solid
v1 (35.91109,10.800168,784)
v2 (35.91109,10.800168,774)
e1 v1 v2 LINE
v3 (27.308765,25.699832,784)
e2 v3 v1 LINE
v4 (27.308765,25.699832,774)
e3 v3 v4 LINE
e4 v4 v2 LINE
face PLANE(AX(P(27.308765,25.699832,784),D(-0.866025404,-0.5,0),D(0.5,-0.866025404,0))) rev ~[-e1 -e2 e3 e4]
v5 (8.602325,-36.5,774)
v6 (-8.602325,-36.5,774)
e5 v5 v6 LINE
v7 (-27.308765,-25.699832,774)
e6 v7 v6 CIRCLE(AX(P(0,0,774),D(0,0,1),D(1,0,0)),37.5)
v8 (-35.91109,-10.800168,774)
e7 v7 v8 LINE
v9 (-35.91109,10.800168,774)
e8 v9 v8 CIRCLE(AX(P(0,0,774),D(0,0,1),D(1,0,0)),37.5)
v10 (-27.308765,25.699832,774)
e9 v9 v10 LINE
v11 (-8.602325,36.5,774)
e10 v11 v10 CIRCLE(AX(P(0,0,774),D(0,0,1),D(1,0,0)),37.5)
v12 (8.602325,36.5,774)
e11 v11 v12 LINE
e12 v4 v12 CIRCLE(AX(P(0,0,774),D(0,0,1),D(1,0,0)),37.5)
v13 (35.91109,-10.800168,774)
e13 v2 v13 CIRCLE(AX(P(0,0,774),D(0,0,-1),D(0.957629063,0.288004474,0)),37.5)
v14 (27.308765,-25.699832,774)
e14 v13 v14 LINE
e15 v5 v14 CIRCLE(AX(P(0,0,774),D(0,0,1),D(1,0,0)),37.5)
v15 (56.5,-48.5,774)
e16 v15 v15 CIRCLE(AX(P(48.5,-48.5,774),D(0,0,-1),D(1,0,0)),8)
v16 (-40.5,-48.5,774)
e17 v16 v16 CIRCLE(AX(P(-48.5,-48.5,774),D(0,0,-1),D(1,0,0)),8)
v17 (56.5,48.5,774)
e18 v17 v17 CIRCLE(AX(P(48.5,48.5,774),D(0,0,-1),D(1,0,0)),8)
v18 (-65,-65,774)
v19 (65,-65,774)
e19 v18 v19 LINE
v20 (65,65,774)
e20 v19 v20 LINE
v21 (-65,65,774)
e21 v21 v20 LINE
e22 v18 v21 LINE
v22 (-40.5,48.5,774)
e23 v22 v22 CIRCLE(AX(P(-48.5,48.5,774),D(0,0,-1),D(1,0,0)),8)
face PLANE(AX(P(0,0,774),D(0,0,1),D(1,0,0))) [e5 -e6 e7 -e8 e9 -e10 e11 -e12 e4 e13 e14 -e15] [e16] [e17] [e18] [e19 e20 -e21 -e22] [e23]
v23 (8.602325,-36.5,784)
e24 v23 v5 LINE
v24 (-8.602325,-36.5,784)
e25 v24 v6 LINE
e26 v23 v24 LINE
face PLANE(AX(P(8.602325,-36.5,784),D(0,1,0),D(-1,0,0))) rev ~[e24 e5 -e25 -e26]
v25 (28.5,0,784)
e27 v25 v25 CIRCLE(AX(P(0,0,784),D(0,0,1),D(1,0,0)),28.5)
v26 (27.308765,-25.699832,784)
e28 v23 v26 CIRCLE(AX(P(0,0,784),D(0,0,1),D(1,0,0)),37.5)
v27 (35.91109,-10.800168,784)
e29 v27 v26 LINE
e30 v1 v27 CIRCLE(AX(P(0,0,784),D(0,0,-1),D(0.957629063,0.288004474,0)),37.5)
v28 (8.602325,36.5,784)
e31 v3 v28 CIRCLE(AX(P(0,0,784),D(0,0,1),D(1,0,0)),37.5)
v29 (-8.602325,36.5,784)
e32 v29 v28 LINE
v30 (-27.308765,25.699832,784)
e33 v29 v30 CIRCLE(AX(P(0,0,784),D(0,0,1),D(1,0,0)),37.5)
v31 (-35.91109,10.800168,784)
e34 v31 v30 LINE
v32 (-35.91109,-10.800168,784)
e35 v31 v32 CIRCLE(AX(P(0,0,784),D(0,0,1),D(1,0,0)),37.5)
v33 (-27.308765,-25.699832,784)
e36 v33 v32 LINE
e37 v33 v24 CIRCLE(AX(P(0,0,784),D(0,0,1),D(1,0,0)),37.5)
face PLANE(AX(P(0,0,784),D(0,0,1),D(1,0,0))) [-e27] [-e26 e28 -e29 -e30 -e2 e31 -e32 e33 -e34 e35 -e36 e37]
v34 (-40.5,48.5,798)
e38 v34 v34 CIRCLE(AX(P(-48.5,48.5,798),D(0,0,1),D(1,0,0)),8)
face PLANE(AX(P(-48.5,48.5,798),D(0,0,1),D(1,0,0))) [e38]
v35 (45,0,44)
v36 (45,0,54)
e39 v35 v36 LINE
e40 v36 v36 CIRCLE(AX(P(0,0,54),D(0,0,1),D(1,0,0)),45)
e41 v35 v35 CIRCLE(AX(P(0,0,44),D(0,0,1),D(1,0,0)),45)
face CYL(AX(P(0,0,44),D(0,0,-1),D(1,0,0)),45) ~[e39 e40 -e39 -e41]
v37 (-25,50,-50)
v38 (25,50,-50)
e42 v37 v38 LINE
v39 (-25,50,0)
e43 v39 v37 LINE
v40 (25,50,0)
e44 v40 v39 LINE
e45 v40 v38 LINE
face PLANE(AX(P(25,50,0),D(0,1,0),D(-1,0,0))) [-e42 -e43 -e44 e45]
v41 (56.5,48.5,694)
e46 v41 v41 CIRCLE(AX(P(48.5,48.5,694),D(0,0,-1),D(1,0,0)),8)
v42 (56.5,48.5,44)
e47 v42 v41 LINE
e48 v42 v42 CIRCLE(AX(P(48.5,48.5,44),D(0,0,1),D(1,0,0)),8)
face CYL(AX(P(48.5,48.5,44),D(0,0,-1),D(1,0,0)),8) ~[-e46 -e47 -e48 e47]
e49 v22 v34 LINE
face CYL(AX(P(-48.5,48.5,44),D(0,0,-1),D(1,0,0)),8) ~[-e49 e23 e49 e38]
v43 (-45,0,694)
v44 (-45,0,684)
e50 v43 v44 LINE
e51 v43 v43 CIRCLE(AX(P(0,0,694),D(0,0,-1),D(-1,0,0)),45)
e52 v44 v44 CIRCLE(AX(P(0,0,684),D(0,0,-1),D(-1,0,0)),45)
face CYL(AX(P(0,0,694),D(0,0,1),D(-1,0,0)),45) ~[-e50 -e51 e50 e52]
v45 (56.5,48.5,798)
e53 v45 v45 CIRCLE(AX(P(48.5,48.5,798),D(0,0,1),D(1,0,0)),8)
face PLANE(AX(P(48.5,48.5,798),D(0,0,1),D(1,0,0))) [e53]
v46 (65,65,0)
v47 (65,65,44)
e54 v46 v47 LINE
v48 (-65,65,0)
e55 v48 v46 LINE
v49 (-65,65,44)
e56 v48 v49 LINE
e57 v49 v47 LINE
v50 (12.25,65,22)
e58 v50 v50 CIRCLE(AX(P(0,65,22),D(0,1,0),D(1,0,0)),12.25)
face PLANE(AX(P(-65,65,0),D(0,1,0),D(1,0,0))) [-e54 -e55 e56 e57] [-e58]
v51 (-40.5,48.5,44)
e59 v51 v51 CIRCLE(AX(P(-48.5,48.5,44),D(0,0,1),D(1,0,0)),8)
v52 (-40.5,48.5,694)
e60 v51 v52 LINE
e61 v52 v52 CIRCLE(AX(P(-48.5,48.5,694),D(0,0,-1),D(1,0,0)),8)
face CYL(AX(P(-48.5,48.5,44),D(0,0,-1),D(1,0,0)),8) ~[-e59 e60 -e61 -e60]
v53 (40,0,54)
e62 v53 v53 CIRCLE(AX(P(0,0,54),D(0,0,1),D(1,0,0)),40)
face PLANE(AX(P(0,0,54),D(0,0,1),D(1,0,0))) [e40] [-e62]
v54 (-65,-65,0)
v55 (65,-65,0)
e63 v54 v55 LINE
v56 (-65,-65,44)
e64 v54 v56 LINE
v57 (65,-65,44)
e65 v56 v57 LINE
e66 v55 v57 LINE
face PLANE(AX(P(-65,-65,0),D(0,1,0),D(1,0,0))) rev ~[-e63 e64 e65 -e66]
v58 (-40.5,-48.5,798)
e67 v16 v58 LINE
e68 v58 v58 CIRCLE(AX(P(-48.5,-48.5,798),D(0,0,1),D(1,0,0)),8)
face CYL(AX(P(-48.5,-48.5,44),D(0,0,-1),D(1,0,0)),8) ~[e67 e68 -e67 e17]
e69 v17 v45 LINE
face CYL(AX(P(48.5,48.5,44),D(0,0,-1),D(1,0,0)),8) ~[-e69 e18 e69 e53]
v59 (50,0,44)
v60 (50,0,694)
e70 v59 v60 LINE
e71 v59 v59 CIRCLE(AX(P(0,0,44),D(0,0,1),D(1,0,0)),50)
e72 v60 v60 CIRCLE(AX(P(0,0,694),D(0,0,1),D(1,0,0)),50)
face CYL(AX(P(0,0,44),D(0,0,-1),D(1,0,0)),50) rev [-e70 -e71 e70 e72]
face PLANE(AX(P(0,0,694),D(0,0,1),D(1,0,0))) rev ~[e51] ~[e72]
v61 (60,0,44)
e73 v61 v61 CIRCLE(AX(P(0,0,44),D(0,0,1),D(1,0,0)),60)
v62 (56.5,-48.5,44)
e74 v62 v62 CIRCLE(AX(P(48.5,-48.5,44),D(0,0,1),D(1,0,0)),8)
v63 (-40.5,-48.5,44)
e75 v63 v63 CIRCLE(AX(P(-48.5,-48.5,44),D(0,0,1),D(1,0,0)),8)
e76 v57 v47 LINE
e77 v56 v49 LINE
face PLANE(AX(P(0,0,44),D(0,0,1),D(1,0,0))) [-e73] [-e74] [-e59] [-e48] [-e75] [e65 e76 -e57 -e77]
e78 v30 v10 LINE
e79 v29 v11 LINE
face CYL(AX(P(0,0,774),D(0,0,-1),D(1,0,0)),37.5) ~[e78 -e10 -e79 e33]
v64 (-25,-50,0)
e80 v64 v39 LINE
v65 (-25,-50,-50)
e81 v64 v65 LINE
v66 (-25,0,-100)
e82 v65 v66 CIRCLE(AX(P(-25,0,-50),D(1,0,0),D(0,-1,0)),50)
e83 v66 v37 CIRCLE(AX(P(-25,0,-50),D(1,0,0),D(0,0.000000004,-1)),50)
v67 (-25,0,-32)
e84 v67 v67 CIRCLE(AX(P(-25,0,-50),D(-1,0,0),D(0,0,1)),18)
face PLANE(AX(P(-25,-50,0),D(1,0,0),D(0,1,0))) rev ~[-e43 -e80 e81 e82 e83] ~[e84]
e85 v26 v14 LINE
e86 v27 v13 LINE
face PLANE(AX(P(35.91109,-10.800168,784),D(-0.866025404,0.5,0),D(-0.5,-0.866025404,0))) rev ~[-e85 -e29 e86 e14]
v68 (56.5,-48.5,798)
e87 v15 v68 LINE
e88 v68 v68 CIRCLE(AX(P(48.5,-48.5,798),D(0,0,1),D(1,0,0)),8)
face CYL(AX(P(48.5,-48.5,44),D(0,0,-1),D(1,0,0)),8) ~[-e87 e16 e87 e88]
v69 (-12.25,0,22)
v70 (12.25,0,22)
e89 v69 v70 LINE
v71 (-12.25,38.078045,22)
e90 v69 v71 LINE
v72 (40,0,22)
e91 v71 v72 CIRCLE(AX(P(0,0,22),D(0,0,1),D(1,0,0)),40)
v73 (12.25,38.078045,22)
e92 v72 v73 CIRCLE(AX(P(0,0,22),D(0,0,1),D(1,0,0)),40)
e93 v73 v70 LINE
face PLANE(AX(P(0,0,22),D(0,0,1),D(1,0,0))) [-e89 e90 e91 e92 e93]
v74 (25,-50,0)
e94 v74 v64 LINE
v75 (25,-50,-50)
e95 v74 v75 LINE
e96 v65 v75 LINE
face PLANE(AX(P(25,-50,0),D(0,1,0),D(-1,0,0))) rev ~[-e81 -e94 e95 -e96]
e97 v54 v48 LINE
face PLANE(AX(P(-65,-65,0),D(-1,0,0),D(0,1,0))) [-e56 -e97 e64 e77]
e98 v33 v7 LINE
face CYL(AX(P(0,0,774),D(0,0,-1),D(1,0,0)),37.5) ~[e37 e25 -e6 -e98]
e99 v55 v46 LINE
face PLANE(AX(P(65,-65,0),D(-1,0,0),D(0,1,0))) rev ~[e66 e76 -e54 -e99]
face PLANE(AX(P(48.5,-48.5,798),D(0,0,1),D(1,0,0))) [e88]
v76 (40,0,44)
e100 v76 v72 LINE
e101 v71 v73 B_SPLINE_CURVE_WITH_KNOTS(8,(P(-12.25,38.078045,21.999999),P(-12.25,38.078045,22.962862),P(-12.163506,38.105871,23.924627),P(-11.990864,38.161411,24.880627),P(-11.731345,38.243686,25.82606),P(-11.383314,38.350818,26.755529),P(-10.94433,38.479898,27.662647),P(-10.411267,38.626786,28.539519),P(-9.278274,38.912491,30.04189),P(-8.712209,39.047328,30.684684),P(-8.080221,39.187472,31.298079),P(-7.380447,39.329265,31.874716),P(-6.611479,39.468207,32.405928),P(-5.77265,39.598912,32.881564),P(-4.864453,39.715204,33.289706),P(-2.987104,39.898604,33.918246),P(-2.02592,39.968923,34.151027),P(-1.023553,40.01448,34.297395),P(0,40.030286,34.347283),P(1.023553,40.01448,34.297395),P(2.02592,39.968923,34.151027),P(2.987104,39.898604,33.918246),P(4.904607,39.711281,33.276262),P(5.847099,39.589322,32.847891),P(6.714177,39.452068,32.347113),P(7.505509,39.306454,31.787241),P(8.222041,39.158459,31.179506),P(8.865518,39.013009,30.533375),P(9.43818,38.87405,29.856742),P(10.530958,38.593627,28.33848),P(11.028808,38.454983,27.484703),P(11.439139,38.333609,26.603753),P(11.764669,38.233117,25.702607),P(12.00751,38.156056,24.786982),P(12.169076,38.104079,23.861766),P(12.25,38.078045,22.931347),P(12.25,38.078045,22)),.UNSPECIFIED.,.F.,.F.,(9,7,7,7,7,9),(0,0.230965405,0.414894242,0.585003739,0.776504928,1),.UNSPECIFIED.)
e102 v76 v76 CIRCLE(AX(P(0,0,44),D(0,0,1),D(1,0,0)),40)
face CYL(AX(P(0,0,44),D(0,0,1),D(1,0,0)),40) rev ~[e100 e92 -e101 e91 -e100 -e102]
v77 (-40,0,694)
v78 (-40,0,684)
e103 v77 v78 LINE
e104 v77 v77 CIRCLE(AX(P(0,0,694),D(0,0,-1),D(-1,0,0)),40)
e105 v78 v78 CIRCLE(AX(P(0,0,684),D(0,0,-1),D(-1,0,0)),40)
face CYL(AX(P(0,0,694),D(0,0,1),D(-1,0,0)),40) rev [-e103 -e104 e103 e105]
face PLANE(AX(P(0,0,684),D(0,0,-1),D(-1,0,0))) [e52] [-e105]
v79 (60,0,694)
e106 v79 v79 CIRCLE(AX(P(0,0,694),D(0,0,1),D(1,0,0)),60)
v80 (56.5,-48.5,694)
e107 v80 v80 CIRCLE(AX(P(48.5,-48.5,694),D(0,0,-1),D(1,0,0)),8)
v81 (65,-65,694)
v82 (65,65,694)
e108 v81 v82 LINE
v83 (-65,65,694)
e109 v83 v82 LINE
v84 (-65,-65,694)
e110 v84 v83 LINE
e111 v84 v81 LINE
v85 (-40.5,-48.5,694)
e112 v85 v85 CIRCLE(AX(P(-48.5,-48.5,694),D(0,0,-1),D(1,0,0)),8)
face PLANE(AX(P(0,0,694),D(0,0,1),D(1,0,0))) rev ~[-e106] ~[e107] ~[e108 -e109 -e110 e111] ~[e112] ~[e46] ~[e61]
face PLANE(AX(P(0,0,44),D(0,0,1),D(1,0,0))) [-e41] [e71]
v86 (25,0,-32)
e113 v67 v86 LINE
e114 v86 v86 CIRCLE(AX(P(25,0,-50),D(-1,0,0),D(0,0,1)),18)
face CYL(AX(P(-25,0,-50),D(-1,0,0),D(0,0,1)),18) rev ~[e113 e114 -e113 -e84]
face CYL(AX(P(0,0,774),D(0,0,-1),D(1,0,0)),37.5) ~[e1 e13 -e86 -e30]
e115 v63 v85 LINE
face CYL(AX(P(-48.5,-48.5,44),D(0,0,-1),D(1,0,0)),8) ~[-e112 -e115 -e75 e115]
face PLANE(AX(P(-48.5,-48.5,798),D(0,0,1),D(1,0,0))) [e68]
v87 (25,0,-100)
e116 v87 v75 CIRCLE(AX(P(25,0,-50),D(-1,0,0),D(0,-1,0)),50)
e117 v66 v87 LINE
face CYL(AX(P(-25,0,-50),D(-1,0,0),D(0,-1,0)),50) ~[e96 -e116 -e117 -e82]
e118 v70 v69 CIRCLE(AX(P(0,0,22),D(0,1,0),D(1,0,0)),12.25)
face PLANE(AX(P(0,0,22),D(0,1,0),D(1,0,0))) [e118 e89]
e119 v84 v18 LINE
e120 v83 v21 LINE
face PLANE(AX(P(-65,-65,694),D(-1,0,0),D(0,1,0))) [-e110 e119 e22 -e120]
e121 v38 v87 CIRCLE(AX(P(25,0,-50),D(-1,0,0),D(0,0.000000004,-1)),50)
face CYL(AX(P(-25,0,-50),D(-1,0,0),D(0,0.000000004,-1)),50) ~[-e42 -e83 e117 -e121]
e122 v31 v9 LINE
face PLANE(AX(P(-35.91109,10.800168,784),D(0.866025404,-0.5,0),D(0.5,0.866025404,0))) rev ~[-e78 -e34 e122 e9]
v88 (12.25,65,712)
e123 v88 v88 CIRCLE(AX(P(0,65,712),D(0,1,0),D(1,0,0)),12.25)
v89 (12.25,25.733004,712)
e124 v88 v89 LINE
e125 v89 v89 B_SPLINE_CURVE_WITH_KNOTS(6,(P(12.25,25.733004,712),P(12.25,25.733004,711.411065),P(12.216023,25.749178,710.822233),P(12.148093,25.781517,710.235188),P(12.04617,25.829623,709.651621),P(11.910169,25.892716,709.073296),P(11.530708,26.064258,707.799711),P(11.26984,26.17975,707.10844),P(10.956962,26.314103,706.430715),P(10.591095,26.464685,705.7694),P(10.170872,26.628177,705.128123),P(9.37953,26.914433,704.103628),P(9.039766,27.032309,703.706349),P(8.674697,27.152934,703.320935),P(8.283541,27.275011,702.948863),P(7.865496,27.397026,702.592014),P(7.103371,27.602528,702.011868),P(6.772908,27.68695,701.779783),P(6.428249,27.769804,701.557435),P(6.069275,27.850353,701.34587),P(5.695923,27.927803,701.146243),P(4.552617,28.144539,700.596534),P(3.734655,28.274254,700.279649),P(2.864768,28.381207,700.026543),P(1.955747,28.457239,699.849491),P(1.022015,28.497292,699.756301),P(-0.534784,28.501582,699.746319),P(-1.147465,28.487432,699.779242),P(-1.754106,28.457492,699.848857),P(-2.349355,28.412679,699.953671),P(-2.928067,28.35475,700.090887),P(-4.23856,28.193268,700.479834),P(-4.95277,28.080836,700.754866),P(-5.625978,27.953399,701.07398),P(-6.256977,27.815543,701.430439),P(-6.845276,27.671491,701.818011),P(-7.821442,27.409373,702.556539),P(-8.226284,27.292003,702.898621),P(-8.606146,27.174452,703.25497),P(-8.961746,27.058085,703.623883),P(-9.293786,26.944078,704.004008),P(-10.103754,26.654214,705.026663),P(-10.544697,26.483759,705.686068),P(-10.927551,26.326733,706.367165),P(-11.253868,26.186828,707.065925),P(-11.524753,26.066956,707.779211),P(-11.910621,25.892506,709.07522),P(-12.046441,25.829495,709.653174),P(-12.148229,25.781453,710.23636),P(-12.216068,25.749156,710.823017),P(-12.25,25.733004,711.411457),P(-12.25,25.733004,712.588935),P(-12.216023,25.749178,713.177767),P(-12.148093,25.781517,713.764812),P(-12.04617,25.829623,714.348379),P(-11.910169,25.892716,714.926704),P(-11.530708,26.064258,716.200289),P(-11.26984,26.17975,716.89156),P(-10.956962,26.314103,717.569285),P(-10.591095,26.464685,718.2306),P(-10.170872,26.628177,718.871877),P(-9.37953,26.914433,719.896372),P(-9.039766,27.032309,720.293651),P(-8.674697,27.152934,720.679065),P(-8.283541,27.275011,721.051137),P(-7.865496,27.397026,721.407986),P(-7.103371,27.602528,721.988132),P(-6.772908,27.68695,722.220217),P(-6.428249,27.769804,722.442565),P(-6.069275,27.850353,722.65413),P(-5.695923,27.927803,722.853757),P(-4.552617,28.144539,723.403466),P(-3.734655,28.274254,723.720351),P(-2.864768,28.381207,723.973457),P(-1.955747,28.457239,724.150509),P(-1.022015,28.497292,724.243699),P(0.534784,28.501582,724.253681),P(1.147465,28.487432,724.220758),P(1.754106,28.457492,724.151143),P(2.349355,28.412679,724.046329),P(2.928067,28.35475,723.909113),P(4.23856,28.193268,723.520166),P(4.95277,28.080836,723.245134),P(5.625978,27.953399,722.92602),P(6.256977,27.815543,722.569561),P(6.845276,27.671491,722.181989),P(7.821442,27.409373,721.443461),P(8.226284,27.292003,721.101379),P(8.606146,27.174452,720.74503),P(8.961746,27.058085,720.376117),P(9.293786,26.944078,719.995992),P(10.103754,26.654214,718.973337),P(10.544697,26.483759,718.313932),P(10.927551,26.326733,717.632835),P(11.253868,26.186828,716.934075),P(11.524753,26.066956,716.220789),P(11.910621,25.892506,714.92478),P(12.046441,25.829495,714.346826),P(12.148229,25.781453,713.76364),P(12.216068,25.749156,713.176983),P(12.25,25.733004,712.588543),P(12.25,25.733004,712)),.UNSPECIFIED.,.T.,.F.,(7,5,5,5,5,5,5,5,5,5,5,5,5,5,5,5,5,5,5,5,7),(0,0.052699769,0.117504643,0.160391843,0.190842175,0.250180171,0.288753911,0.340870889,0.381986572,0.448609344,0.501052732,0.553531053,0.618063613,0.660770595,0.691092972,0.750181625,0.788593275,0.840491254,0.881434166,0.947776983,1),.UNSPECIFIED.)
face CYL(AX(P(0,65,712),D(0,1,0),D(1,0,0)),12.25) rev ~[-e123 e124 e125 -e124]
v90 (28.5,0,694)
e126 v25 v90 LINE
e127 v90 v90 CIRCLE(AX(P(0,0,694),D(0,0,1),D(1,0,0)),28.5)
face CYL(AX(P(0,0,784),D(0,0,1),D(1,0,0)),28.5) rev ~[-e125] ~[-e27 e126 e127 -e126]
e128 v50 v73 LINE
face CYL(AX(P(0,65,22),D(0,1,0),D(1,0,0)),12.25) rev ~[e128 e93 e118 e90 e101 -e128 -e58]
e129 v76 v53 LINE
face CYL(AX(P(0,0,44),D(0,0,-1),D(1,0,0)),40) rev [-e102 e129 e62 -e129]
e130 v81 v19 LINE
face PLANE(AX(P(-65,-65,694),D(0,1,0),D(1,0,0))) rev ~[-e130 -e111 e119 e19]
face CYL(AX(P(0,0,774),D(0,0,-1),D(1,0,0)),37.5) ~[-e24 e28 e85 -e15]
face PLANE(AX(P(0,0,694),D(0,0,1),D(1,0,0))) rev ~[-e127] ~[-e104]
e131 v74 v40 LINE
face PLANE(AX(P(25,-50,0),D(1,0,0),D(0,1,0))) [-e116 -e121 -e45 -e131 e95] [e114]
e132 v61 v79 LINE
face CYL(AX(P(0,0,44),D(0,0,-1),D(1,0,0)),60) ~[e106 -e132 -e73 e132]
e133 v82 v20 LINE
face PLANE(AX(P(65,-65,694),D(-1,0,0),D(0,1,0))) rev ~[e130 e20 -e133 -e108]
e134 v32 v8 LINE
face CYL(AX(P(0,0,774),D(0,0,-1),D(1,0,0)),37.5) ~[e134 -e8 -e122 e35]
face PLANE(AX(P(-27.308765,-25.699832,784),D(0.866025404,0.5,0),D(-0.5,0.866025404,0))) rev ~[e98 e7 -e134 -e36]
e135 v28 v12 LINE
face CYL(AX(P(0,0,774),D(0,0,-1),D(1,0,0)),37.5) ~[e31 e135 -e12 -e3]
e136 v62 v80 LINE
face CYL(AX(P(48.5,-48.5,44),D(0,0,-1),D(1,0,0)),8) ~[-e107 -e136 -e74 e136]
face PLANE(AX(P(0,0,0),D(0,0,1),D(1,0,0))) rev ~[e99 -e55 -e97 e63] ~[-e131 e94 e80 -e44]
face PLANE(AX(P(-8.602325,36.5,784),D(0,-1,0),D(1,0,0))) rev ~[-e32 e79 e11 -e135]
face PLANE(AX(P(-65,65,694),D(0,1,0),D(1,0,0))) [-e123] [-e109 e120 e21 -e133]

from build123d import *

# Parameters (mm, degrees)
ESBO_O1_W                = 130
ESBO_O1_H                = 130
RESSALTO_EXTRUS_O1_DEPTH = 44
ESBO_O13_R               = 45
ESBO_O13_R_2             = 40
RESSALTO_EXTRUS_O7_DEPTH = 10
ESBO_O2_R                = 60
ESBO_O2_R_2              = 50
RESSALTO_EXTRUS_O2_DEPTH = 650
ESBO_O3_W                = 130
ESBO_O3_H                = 130
RESSALTO_EXTRUS_O3_DEPTH = 80
ESBO_O4_R                = 8
RESSALTO_EXTRUS_O4_DEPTH = 754
ESBO_O5_R                = 37.5
RESSALTO_EXTRUS_O5_DEPTH = 10
CORTE_EXTRUS_O1_DEPTH    = 10
ESBO_O7_R                = 28.5
CORTE_EXTRUS_O2_DEPTH    = 280
ESBO_O8_W                = 50
ESBO_O8_H                = 100
RESSALTO_EXTRUS_O6_DEPTH = 100
ESBO_O9_R                = 18
CORTE_EXTRUS_O3_DEPTH    = 91
ESBO_O10_R               = 12.25
CORTE_EXTRUS_O4_DEPTH    = 65
ESBO_O11_R               = 12.25
CORTE_EXTRUS_O5_DEPTH    = 65
ESBO_O12_R               = 40
CORTE_EXTRUS_O6_DEPTH    = 22
ESBO_O14_R               = 45
ESBO_O14_R_2             = 40
RESSALTO_EXTRUS_O8_DEPTH = 10


with BuildPart() as part:
    # Esboço1 → Ressalto-extrusão1 (new body)
    with BuildSketch(Plane.XY):
        Rectangle(ESBO_O1_W, ESBO_O1_H)
    extrude(amount=RESSALTO_EXTRUS_O1_DEPTH)

    # Esboço13 → Ressalto-extrusão7 (add)
    with BuildSketch(Plane.XY.offset(44)):
        Circle(ESBO_O13_R)
        Circle(ESBO_O13_R_2, mode=Mode.SUBTRACT)
    extrude(amount=RESSALTO_EXTRUS_O7_DEPTH)

    # Esboço2 → Ressalto-extrusão2 (add)
    with BuildSketch(Plane.XY.offset(44)):
        Circle(ESBO_O2_R)
        Circle(ESBO_O2_R_2, mode=Mode.SUBTRACT)
    extrude(amount=RESSALTO_EXTRUS_O2_DEPTH)

    # Esboço3 → Ressalto-extrusão3 (add)
    with BuildSketch(Plane.XY.offset(694)):
        Rectangle(ESBO_O3_W, ESBO_O3_H)
    extrude(amount=RESSALTO_EXTRUS_O3_DEPTH)

    # Esboço4 → Ressalto-extrusão4 (add)
    with BuildSketch(Plane.XY.offset(44)):
        with Locations((-48.5, 48.5)):
            Circle(ESBO_O4_R)
        with Locations((-48.5, -48.5)):
            Circle(ESBO_O4_R)
        with Locations((48.5, -48.5)):
            Circle(ESBO_O4_R)
        with Locations((48.5, 48.5)):
            Circle(ESBO_O4_R)
    extrude(amount=RESSALTO_EXTRUS_O4_DEPTH)

    # Esboço5 → Ressalto-extrusão5 (add)
    with BuildSketch(Plane.XY.offset(774)):
        Circle(ESBO_O5_R)
    extrude(amount=RESSALTO_EXTRUS_O5_DEPTH)

    # Esboço6 → Corte-extrusão1 (cut)
    with BuildSketch(Plane.XY.offset(784)):
        with BuildLine():
            Line((-35.911089872, 10.800167787), (-27.308764605, 25.699832213))
            ThreePointArc((-27.308764605, 25.699832213), (-32.475952642, 18.75), (-35.911089872, 10.800167787))
        make_face()
        with BuildLine():
            Line((-8.602325267, 36.5), (8.602325267, 36.5))
            ThreePointArc((8.602325267, 36.5), (0, 37.5), (-8.602325267, 36.5))
        make_face()
        with BuildLine():
            Line((27.308764605, 25.699832213), (35.911089872, 10.800167787))
            ThreePointArc((35.911089872, 10.800167787), (32.475952642, 18.75), (27.308764605, 25.699832213))
        make_face()
        with BuildLine():
            ThreePointArc((-35.911089872, -10.800167787), (-32.475952642, -18.75), (-27.308764605, -25.699832213))
            Line((-27.308764605, -25.699832213), (-35.911089872, -10.800167787))
        make_face()
        with BuildLine():
            ThreePointArc((-8.602325267, -36.5), (0, -37.5), (8.602325267, -36.5))
            Line((8.602325267, -36.5), (-8.602325267, -36.5))
        make_face()
        with BuildLine():
            ThreePointArc((27.308764605, -25.699832213), (32.475952642, -18.75), (35.911089872, -10.800167787))
            Line((35.911089872, -10.800167787), (27.308764605, -25.699832213))
        make_face()
    extrude(amount=-CORTE_EXTRUS_O1_DEPTH, mode=Mode.SUBTRACT)

    # Esboço7 → Corte-extrusão2 (cut)
    with BuildSketch(Plane.XY.offset(784)):
        Circle(ESBO_O7_R)
    extrude(amount=-CORTE_EXTRUS_O2_DEPTH, mode=Mode.SUBTRACT)

    # Esboço8 → Ressalto-extrusão6 (add)
    with BuildSketch(Plane(origin=(0, 0, 0), x_dir=(-1, 0, 0), z_dir=(0, 0, -1))):
        Rectangle(ESBO_O8_W, ESBO_O8_H)
    extrude(amount=RESSALTO_EXTRUS_O6_DEPTH)

    # Esboço9 → Corte-extrusão3 (cut, through all)
    with BuildSketch(Plane.ZY.offset(25)):
        with BuildLine():
            Line((-100, 50), (-100, 2.01e-07))
            ThreePointArc((-100, 2.01e-07), (-85.355338988, 35.355339131), (-50, 50))
            Line((-50, 50), (-100, 50))
        make_face()
        with BuildLine():
            Line((-100, -50), (-50, -50))
            ThreePointArc((-50, -50), (-85.355339131, -35.355338988), (-100, 2.01e-07))
            Line((-100, 2.01e-07), (-100, -50))
        make_face()
        with Locations((-50, 0)):
            Circle(ESBO_O9_R)
    extrude(amount=-CORTE_EXTRUS_O3_DEPTH, mode=Mode.SUBTRACT)

    # Esboço10 → Corte-extrusão4 (cut)
    with BuildSketch(Plane(origin=(0, 65, 0), x_dir=(1, 0, 0), z_dir=(0, 1, 0))):
        with Locations((0, -22)):
            Circle(ESBO_O10_R)
    extrude(amount=-CORTE_EXTRUS_O4_DEPTH, mode=Mode.SUBTRACT)

    # Esboço11 → Corte-extrusão5 (cut)
    with BuildSketch(Plane(origin=(0, 65, 0), x_dir=(1, 0, 0), z_dir=(0, 1, 0))):
        with Locations((0, -712)):
            Circle(ESBO_O11_R)
    extrude(amount=-CORTE_EXTRUS_O5_DEPTH, mode=Mode.SUBTRACT)

    # Esboço12 → Corte-extrusão6 (cut)
    with BuildSketch(Plane.XY.offset(44)):
        Circle(ESBO_O12_R)
    extrude(amount=-CORTE_EXTRUS_O6_DEPTH, mode=Mode.SUBTRACT)

    # Esboço14 → Ressalto-extrusão8 (add)
    with BuildSketch(Plane(origin=(0, 0, 694), x_dir=(-1, 0, 0), z_dir=(0, 0, -1))):
        Circle(ESBO_O14_R)
        Circle(ESBO_O14_R_2, mode=Mode.SUBTRACT)
    extrude(amount=RESSALTO_EXTRUS_O8_DEPTH)


solid = part.part
